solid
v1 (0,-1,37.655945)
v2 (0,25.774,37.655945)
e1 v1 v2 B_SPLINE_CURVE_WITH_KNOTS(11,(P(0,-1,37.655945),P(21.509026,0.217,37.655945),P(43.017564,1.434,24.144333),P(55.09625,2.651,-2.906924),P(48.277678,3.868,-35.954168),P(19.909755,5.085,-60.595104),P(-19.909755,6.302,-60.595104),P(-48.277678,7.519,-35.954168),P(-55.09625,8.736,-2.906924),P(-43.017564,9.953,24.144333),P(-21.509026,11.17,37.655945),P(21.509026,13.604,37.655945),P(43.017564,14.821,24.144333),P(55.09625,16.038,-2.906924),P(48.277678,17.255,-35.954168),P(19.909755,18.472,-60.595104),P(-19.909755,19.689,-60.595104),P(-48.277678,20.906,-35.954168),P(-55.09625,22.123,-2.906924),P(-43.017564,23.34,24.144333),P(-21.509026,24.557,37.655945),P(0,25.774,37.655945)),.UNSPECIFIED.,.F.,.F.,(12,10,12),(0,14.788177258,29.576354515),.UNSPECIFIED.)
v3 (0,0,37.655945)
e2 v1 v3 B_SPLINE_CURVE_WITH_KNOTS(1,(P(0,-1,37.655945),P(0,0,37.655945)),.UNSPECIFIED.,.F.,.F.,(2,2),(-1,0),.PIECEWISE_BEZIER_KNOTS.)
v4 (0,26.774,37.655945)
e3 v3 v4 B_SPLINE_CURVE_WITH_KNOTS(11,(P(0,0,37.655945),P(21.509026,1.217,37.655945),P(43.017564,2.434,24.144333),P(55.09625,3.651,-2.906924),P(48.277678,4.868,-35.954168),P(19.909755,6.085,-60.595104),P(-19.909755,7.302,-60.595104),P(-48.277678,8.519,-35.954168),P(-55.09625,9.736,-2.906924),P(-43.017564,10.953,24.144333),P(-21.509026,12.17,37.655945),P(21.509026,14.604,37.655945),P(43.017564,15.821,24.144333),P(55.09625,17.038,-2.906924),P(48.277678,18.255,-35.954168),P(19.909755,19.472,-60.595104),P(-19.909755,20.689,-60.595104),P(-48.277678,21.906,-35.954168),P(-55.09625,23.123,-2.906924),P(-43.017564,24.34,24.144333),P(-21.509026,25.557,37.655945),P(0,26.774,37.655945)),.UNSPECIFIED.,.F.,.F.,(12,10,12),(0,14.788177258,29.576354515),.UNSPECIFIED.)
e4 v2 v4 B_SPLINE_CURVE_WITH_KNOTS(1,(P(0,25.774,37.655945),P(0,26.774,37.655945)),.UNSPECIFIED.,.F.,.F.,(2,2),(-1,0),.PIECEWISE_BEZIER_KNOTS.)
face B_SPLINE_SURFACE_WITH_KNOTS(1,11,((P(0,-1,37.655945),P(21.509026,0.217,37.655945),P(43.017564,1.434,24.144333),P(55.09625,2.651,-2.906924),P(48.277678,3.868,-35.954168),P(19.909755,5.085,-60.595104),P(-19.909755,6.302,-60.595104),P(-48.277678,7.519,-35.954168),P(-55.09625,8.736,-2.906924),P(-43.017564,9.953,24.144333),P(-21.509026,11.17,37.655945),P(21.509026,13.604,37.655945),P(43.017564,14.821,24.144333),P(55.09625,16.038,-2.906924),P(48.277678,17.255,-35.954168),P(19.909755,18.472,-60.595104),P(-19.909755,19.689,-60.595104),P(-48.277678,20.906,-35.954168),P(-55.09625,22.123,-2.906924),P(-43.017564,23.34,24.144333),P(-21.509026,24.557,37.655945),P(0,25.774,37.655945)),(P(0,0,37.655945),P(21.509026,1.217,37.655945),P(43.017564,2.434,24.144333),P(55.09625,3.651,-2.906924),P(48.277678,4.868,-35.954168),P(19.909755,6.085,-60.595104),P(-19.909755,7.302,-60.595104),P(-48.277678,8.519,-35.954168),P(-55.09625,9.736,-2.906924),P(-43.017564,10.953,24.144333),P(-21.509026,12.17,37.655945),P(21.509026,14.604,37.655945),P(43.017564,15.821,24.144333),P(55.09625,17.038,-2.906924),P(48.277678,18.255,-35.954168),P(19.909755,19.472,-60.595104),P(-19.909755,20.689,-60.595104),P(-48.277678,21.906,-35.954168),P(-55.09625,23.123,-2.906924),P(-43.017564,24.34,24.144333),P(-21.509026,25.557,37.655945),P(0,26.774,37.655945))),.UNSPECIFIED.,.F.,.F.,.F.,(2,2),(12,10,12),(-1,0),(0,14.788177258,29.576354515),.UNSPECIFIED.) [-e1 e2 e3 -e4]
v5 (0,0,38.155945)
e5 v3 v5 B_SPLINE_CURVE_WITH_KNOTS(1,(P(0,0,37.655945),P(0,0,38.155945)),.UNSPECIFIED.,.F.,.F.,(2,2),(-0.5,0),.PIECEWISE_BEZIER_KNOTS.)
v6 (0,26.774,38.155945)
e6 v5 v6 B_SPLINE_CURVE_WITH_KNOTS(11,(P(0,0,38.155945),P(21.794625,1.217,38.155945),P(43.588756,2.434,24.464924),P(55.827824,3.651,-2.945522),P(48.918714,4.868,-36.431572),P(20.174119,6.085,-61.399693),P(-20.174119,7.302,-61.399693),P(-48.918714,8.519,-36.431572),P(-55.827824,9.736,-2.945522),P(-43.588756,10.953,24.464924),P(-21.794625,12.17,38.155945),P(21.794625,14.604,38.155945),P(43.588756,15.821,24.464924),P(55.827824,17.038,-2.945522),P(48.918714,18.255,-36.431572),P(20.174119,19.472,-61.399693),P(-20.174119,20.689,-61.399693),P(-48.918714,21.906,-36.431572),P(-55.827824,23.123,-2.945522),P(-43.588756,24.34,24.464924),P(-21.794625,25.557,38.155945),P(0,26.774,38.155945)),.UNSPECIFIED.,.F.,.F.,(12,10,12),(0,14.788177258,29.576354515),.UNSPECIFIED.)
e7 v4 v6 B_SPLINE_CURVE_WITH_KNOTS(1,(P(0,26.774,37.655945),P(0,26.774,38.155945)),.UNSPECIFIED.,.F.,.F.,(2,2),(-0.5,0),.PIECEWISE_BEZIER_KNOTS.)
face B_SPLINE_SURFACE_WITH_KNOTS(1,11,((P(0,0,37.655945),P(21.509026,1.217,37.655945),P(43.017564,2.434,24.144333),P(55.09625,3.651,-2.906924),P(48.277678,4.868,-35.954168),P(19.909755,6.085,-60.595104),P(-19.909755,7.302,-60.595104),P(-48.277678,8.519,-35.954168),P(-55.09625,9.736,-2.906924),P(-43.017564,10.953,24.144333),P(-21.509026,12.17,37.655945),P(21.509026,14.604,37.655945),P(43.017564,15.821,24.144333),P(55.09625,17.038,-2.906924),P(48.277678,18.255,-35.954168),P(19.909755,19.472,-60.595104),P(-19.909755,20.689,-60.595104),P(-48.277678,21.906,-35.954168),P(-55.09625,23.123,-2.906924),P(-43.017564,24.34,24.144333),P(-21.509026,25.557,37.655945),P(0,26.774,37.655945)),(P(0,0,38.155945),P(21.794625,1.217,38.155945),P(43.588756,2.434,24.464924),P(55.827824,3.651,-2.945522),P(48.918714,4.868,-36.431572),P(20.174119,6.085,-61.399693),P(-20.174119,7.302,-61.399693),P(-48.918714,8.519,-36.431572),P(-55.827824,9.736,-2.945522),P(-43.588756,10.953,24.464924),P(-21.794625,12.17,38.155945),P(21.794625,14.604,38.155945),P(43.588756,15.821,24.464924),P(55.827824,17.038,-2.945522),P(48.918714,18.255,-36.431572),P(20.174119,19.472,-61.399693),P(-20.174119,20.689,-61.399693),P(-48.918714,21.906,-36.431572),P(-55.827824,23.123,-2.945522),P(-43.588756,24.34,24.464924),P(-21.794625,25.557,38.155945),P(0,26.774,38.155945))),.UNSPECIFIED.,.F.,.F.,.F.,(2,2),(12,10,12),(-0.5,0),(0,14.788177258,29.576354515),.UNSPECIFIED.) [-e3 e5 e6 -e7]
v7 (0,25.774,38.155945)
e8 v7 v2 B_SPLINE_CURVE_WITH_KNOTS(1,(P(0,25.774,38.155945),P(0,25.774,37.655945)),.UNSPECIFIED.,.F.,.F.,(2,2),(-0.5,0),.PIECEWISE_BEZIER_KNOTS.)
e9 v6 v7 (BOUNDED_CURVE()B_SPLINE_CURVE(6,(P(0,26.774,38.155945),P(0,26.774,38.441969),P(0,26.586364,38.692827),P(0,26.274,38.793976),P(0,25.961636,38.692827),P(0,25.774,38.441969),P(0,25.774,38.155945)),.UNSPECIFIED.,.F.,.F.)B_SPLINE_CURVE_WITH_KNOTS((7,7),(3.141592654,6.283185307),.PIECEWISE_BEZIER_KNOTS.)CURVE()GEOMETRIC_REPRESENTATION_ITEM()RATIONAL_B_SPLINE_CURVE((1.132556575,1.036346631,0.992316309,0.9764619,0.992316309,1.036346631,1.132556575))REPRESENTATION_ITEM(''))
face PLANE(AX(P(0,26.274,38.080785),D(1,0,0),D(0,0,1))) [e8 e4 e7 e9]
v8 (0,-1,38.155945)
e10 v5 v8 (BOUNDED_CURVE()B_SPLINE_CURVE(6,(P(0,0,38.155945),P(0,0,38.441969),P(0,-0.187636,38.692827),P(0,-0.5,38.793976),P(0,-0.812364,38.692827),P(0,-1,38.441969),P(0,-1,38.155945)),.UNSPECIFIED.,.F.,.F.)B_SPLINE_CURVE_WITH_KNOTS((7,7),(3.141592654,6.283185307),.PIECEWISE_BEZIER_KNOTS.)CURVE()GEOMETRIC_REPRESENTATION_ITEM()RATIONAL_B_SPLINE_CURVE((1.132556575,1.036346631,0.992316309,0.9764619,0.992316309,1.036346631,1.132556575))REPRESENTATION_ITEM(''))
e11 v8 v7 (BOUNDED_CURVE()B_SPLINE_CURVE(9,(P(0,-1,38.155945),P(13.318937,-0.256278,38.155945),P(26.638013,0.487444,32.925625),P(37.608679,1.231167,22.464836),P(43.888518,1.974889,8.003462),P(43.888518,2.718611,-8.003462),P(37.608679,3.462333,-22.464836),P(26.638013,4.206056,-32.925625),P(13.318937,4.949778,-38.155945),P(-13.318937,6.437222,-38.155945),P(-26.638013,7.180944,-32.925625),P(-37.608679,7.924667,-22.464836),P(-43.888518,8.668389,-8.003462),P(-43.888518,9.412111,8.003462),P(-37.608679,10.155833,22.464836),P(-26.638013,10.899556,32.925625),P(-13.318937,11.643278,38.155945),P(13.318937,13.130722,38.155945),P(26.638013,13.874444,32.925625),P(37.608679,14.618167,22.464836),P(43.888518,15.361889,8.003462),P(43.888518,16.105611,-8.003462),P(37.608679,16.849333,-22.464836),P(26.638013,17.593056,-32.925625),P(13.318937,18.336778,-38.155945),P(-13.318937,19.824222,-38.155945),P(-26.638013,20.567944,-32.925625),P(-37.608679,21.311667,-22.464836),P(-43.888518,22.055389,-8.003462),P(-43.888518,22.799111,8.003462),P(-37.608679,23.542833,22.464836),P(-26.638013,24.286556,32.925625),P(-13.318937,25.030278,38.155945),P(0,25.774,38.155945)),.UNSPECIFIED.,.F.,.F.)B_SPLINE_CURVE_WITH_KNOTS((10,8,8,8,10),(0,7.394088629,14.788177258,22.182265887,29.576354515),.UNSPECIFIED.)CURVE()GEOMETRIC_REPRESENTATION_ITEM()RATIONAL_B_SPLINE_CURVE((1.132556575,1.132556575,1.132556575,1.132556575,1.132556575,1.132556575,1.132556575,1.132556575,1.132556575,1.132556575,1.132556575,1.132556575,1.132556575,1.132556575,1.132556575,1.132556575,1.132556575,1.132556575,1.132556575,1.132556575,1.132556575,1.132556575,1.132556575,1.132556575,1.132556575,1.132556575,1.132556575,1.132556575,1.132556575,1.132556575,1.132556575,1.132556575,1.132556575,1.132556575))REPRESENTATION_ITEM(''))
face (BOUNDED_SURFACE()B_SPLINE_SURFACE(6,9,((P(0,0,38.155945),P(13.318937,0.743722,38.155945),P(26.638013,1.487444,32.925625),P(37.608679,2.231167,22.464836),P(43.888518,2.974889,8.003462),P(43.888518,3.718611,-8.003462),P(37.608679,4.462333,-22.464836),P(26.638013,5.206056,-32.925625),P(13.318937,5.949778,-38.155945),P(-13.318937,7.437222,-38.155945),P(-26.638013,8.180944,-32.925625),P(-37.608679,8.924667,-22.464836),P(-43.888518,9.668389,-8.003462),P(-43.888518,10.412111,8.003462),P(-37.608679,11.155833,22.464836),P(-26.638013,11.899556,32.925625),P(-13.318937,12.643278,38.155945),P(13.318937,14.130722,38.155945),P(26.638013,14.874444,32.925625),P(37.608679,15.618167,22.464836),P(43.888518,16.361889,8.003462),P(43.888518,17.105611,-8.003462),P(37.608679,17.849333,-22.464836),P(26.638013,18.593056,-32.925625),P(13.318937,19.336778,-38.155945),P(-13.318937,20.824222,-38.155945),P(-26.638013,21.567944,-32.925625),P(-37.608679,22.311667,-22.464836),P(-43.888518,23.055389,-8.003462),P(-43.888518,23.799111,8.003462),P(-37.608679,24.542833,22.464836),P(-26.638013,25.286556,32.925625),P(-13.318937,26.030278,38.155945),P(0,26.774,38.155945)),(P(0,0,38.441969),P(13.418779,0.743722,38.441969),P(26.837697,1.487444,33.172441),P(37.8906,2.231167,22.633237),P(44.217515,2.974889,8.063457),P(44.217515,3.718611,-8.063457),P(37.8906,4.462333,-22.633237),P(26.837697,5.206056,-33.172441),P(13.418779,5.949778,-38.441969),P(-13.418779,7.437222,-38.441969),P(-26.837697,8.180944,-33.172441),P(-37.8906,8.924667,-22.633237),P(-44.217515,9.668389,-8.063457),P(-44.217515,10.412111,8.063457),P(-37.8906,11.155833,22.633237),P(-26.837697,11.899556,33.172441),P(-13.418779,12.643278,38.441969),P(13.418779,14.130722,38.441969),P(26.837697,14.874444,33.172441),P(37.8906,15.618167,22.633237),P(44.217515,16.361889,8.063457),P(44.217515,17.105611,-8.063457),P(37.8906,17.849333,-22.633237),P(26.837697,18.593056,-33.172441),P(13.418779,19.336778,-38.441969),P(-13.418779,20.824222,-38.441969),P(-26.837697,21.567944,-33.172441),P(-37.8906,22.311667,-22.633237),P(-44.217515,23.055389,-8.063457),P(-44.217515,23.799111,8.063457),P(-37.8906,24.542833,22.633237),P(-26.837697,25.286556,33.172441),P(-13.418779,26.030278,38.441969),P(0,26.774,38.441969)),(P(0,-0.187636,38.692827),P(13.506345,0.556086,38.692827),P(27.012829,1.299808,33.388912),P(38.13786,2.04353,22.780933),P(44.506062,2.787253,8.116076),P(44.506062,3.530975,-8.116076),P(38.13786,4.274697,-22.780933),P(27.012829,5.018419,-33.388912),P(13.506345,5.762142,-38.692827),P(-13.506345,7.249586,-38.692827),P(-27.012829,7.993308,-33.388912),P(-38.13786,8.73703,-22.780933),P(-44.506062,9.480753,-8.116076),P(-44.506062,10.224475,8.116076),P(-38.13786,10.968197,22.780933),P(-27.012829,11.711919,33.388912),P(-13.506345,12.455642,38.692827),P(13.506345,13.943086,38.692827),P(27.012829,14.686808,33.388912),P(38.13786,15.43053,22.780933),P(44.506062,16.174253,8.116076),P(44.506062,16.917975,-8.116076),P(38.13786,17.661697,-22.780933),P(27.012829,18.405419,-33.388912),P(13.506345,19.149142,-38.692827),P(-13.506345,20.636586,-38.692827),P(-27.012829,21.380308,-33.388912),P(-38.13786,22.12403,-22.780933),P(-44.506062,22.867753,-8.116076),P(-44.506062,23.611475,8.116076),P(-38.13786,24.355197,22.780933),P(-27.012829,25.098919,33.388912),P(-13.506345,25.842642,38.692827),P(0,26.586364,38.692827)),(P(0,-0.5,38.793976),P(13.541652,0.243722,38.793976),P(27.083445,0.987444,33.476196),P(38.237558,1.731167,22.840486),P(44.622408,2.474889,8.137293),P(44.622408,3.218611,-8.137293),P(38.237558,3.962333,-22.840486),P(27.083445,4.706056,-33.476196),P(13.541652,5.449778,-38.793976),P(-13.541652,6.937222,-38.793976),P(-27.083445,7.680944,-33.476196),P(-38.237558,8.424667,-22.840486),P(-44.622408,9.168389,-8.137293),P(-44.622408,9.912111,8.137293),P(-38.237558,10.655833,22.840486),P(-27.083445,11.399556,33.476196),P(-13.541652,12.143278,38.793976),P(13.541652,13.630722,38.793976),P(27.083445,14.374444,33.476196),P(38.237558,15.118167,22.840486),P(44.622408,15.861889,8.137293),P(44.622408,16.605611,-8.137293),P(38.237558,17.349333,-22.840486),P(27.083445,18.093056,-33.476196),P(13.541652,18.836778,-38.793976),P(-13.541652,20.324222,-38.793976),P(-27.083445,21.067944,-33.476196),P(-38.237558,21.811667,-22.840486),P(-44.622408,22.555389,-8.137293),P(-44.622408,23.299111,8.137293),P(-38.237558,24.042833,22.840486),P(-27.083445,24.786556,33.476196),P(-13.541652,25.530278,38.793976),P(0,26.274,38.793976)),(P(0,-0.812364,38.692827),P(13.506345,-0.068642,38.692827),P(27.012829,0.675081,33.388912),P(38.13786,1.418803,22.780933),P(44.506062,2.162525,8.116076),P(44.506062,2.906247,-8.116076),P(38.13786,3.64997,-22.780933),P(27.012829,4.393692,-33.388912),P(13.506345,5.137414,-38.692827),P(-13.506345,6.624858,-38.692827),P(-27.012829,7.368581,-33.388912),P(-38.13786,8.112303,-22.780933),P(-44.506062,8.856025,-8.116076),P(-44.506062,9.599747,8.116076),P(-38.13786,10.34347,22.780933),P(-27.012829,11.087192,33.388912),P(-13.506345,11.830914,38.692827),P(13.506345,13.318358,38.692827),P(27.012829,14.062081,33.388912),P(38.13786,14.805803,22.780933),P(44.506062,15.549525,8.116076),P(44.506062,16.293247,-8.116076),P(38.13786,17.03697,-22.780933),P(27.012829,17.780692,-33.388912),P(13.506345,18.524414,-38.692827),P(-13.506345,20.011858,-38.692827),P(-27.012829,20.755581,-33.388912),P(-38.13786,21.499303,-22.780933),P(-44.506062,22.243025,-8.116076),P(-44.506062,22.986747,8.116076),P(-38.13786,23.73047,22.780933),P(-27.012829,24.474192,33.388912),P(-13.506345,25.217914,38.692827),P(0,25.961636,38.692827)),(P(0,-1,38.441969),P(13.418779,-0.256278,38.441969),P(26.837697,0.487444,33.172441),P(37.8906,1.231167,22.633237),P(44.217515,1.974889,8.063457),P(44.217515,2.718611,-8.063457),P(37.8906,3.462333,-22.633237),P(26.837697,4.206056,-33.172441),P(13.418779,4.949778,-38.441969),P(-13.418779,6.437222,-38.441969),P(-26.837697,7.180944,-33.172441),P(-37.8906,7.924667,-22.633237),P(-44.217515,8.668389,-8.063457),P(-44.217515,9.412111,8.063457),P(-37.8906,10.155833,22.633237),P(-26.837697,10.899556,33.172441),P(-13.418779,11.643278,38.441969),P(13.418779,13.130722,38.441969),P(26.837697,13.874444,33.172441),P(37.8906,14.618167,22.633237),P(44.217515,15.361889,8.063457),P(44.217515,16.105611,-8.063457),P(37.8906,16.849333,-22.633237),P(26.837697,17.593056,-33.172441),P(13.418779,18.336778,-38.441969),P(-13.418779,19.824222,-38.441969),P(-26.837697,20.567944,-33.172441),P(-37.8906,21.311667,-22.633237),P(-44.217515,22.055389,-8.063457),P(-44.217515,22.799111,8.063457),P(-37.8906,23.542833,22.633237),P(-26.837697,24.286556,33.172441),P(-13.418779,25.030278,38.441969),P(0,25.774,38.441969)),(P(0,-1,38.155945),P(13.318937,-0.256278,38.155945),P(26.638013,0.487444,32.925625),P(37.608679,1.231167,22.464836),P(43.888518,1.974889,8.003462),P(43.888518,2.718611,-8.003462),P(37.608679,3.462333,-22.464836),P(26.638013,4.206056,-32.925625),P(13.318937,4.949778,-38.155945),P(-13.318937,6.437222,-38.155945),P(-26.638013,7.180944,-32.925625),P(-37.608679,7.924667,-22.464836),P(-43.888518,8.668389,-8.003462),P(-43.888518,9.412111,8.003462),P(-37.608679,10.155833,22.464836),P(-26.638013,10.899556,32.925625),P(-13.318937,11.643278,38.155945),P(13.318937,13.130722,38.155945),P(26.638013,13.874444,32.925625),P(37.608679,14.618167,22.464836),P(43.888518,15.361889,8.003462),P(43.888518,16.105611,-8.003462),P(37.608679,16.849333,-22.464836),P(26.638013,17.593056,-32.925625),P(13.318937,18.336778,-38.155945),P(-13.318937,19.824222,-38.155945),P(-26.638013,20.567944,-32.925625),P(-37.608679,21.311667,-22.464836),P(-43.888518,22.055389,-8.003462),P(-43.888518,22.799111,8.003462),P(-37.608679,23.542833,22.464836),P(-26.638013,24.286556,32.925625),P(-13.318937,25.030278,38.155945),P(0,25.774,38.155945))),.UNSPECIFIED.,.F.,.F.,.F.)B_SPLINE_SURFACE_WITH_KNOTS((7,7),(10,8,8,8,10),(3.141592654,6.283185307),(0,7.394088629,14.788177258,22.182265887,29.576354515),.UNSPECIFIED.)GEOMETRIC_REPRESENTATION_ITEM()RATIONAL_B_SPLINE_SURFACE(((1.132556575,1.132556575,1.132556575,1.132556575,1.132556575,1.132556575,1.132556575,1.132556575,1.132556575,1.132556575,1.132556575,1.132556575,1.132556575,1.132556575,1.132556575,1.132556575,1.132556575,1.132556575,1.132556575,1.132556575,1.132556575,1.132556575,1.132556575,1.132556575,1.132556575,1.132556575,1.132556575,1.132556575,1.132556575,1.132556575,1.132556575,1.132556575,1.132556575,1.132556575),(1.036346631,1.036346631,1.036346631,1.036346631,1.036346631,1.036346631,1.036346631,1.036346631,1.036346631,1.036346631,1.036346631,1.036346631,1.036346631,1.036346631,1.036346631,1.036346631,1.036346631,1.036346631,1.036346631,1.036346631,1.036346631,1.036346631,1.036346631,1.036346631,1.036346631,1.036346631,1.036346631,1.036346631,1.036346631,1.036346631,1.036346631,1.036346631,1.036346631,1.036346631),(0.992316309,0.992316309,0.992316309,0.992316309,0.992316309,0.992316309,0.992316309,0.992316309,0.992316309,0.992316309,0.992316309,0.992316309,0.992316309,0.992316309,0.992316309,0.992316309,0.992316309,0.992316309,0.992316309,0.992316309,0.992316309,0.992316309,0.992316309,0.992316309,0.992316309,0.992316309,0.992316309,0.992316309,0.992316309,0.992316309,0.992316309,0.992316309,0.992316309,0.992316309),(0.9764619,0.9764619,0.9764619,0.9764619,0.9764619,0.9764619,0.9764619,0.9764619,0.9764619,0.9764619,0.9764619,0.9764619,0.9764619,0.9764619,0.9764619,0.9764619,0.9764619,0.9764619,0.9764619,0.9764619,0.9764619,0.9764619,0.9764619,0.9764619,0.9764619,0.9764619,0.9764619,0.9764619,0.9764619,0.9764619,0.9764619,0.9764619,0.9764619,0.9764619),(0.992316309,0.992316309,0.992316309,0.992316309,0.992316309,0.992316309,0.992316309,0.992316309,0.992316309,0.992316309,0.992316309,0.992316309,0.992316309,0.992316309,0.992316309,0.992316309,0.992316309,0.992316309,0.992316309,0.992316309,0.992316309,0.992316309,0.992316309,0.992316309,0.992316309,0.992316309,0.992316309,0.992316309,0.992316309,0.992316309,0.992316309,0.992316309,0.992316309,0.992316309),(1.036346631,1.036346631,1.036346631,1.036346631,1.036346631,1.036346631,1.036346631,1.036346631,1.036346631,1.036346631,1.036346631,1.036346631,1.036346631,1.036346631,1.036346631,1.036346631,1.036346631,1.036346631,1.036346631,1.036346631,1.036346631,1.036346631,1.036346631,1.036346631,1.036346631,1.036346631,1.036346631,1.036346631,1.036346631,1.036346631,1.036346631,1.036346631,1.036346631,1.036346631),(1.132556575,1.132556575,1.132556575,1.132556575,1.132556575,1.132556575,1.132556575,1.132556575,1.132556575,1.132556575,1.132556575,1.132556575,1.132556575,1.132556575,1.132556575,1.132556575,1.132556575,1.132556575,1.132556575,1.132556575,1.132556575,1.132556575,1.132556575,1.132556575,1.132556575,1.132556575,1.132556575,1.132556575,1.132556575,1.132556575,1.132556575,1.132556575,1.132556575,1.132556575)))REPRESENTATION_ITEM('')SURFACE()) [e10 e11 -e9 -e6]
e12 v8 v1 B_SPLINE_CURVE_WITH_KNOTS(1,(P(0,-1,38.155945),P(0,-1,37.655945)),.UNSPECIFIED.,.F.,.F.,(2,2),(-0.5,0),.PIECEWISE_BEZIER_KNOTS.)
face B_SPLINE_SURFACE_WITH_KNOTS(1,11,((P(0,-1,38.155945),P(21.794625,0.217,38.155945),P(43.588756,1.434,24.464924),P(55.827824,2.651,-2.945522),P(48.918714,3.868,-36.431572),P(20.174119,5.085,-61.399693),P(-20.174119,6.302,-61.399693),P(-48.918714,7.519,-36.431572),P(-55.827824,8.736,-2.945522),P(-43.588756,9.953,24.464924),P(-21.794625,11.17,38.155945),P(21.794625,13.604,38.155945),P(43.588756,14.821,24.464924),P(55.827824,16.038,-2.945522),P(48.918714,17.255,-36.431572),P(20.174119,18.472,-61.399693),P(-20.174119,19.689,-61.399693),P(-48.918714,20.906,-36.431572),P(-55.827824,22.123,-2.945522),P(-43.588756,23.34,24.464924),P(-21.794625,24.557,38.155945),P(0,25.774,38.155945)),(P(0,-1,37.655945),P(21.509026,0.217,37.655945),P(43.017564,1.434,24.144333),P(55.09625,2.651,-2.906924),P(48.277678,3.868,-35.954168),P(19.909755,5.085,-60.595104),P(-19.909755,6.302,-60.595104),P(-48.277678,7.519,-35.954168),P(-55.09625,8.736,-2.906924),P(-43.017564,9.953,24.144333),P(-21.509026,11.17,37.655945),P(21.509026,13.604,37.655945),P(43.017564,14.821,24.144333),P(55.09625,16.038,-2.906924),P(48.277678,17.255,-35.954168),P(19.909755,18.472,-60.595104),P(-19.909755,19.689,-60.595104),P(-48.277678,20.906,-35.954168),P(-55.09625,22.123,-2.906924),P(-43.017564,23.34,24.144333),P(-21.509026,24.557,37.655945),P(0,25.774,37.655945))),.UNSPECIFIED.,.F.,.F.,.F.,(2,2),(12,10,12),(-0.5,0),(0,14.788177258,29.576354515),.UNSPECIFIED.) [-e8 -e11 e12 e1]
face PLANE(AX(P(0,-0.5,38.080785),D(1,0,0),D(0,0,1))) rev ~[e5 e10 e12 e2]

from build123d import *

# Parameters (mm, degrees)
THREAD_SWEEP_PITCH  = 13.387
THREAD_SWEEP_HEIGHT = 26.774
THREAD_SWEEP_RADIUS = 37.65594512


with BuildPart() as part:
    # Thread Sweep: sweep along a helix
    with BuildLine() as thread_sweep_path:
        Helix(THREAD_SWEEP_PITCH, THREAD_SWEEP_HEIGHT, THREAD_SWEEP_RADIUS, center=(0, 0, 0), direction=(0, 1, 0))
    # Thread Sketch → Thread Sweep (sweep)
    with BuildSketch(Plane(origin=(0, 0, 0), x_dir=(0, 0, -1), z_dir=(1, 0, 0))):
        with BuildLine():
            Line((-37.65594512, 0), (-37.65594512, -1))
            Line((-37.65594512, -1), (-38.15594512, -1))
            ThreePointArc((-38.15594512, -1), (-38.65594512, -0.5), (-38.15594512, 0))
            Line((-38.15594512, 0), (-37.65594512, 0))
        make_face()
    sweep(path=thread_sweep_path.line, is_frenet=True)


solid = part.part
